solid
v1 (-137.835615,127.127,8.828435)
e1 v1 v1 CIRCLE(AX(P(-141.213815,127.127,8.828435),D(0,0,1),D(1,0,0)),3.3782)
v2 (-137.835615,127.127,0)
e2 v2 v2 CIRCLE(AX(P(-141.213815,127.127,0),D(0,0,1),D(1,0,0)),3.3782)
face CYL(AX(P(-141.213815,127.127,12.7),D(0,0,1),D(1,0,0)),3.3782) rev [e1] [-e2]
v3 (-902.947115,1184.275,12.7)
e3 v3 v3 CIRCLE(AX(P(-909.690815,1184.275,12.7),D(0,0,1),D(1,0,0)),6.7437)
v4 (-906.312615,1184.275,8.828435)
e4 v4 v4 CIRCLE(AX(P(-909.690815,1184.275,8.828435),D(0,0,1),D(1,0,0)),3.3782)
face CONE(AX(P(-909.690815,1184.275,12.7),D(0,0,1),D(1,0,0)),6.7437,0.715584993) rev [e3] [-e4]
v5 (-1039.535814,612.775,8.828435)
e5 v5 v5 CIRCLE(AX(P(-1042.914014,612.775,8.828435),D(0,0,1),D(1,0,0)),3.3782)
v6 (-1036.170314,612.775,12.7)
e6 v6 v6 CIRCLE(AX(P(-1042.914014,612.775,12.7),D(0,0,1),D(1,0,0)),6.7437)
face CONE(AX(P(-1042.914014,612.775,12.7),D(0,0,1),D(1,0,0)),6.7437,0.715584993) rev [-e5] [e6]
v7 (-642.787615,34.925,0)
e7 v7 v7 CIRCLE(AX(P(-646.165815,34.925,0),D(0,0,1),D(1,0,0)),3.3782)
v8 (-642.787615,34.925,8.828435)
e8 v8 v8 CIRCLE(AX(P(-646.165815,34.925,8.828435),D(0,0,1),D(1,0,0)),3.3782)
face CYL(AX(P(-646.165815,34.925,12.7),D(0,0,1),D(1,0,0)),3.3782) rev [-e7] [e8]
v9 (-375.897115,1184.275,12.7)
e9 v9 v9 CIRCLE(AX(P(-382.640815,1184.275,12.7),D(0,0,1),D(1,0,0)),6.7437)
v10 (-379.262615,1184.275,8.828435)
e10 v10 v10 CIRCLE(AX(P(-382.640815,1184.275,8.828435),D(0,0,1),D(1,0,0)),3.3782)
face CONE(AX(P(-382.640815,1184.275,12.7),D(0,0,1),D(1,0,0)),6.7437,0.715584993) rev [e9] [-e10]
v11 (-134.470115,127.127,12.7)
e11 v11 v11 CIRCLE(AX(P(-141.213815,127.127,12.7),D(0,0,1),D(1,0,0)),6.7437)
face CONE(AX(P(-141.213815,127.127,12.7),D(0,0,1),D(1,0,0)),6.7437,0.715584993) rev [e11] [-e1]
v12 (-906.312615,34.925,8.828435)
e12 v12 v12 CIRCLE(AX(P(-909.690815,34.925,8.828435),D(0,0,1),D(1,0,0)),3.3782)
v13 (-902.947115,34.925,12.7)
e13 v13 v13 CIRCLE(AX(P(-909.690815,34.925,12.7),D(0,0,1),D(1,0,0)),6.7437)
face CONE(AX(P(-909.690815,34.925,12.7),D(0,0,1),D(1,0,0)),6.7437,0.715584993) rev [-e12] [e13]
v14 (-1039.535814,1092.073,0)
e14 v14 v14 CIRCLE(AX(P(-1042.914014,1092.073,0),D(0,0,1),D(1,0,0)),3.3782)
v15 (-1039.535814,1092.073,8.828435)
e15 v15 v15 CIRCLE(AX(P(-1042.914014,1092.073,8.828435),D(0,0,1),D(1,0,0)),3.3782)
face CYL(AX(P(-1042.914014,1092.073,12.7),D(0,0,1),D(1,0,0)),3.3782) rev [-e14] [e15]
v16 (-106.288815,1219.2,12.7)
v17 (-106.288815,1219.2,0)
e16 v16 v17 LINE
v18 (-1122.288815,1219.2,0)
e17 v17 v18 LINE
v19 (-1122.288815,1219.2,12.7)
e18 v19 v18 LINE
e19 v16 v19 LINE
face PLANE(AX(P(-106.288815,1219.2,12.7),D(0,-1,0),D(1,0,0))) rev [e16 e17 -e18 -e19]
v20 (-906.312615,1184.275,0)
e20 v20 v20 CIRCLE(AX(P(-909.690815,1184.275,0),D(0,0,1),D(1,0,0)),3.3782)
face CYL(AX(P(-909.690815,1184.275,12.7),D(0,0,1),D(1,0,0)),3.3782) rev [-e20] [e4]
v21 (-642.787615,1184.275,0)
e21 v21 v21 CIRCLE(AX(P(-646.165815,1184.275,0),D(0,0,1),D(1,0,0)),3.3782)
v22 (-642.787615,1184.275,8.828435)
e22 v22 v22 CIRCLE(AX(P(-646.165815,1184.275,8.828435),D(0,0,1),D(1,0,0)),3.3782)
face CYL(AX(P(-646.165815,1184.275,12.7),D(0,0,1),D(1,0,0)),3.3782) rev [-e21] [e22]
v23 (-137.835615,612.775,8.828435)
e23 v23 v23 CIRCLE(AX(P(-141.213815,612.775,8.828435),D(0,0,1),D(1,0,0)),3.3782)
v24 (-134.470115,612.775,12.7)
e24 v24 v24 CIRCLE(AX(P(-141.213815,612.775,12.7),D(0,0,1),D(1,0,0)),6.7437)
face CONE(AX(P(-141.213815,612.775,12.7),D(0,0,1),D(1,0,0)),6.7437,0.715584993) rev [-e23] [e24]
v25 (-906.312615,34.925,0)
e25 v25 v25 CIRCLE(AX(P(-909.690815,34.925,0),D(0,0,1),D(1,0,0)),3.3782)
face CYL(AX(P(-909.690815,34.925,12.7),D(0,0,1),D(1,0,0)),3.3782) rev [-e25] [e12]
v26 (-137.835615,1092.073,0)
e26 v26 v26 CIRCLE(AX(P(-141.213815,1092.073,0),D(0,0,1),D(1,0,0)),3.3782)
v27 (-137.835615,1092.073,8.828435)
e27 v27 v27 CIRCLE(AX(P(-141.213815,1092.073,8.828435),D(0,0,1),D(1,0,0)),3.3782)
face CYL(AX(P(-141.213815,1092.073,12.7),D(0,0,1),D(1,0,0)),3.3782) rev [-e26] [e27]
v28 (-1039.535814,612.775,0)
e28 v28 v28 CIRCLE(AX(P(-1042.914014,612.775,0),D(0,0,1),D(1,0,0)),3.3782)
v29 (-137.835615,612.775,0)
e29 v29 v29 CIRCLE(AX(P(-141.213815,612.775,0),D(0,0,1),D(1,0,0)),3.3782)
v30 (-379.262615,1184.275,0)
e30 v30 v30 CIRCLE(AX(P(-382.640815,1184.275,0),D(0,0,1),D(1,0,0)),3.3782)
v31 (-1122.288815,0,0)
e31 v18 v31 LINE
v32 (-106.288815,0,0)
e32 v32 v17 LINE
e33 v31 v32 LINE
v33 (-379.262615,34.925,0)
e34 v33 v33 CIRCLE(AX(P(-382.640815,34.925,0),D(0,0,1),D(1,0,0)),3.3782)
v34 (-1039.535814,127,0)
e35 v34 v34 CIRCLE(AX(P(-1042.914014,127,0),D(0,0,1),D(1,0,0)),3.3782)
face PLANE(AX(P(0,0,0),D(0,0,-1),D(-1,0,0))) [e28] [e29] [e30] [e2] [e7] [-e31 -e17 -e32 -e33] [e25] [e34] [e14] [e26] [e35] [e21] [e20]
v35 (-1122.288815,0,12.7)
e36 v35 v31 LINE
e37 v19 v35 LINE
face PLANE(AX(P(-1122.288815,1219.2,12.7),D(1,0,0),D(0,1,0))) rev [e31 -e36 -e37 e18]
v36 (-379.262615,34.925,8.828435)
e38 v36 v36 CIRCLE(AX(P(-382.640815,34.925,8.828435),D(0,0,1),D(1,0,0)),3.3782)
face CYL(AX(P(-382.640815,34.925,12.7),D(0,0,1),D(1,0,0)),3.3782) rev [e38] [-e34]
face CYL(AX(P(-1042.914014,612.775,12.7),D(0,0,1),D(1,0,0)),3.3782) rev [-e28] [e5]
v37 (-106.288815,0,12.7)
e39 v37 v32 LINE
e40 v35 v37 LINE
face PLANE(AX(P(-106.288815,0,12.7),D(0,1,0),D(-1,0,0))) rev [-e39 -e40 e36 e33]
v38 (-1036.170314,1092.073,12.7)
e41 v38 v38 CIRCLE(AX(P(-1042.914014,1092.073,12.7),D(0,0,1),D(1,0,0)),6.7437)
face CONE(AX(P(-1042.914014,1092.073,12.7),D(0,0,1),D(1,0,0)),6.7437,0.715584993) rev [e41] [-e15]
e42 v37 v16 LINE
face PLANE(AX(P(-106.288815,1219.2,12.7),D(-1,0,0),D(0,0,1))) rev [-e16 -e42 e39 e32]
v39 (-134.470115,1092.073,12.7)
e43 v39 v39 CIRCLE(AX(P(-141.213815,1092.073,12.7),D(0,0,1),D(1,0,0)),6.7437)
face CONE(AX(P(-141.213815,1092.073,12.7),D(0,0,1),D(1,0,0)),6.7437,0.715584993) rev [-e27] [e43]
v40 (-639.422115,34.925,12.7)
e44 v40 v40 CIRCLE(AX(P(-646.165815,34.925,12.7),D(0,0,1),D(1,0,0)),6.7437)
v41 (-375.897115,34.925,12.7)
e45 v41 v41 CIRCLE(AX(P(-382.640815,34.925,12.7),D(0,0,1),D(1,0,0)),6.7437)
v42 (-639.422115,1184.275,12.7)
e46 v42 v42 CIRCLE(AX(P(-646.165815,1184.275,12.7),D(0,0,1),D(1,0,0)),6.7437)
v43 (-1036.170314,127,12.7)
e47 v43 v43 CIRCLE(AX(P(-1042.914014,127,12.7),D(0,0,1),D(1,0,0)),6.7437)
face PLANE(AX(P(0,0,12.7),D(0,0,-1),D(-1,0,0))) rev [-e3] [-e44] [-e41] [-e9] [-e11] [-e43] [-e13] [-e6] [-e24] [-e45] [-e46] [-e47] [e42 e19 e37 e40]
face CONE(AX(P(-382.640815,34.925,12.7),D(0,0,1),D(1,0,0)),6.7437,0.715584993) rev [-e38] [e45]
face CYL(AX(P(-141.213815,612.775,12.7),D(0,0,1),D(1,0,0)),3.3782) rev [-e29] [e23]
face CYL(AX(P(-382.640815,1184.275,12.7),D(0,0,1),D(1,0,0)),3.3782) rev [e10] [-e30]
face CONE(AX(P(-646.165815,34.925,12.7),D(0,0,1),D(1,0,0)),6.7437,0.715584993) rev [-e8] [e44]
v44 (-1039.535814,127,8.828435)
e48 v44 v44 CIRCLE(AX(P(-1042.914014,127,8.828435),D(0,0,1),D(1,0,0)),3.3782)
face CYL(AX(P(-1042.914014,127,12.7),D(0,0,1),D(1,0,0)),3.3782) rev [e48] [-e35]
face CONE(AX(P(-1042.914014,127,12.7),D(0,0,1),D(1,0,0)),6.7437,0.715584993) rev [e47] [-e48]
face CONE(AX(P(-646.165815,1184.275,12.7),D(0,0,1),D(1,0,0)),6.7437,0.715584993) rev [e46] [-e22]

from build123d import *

# Parameters (mm, degrees)
SKETCH1_W                                           = 1016
SKETCH1_H                                           = 1219.2
BOSS_EXTRUDE1_DEPTH                                 = 12.7
SKETCH2_R                                           = 3.302
SKETCH2_R_2                                         = 3.175
CUT_EXTRUDE1_DEPTH                                  = 12.7
CSK_FOR_1_4_FLAT_HEAD_SOCKET_CAP_SCREW1_D           = 6.7564
CSK_FOR_1_4_FLAT_HEAD_SOCKET_CAP_SCREW1_CSINK_D     = 13.4874
CSK_FOR_1_4_FLAT_HEAD_SOCKET_CAP_SCREW1_CSINK_ANGLE = 82


with BuildPart() as part:
    # Sketch1 → Boss-Extrude1 (new body)
    with BuildSketch(Plane.XY):
        with Locations((-614.288814817, 609.6)):
            Rectangle(SKETCH1_W, SKETCH1_H)
    extrude(amount=BOSS_EXTRUDE1_DEPTH)

    # Sketch2 → Cut-Extrude1 (cut)
    with BuildSketch(Plane(origin=(0, 0, 0), x_dir=(-1, 0, 0), z_dir=(0, 0, -1))):
        with Locations((382.640814817, 1184.275)):
            Circle(SKETCH2_R)
        with Locations((646.165814817, 1184.275)):
            Circle(SKETCH2_R)
        with Locations((909.690814817, 1184.275)):
            Circle(SKETCH2_R)
        with Locations((1042.914014184, 1092.073)):
            Circle(SKETCH2_R_2)
        with Locations((1042.914014184, 612.775)):
            Circle(SKETCH2_R_2)
        with Locations((1042.914014184, 127)):
            Circle(SKETCH2_R_2)
        with Locations((141.213814817, 127.127)):
            Circle(SKETCH2_R_2)
        with Locations((141.213814817, 612.775)):
            Circle(SKETCH2_R)
        with Locations((141.213814817, 1092.073)):
            Circle(SKETCH2_R_2)
        with Locations((909.690814817, 34.925)):
            Circle(SKETCH2_R)
        with Locations((646.165814817, 34.925)):
            Circle(SKETCH2_R)
        with Locations((382.640814817, 34.925)):
            Circle(SKETCH2_R)
    extrude(amount=-CUT_EXTRUDE1_DEPTH, mode=Mode.SUBTRACT)

    # CSK for 1/4 Flat Head Socket Cap Screw1 (through all)
    with Locations(Plane(origin=(-909.690814817, 1184.275, 12.7), x_dir=(1, 0, 0), z_dir=(0, 0, 1))):
        with Locations((0, 0), (263.525, 0), (527.05, 0), (768.477, -92.202), (768.477, -571.5), (768.477, -1057.148), (527.05, -1149.35), (263.525, -1149.35), (0, -1149.35), (-133.223199367, -1057.275), (-133.223199367, -571.5), (-133.223199367, -92.202)):
            CounterSinkHole(CSK_FOR_1_4_FLAT_HEAD_SOCKET_CAP_SCREW1_D / 2, CSK_FOR_1_4_FLAT_HEAD_SOCKET_CAP_SCREW1_CSINK_D / 2, counter_sink_angle=CSK_FOR_1_4_FLAT_HEAD_SOCKET_CAP_SCREW1_CSINK_ANGLE)


solid = part.part
